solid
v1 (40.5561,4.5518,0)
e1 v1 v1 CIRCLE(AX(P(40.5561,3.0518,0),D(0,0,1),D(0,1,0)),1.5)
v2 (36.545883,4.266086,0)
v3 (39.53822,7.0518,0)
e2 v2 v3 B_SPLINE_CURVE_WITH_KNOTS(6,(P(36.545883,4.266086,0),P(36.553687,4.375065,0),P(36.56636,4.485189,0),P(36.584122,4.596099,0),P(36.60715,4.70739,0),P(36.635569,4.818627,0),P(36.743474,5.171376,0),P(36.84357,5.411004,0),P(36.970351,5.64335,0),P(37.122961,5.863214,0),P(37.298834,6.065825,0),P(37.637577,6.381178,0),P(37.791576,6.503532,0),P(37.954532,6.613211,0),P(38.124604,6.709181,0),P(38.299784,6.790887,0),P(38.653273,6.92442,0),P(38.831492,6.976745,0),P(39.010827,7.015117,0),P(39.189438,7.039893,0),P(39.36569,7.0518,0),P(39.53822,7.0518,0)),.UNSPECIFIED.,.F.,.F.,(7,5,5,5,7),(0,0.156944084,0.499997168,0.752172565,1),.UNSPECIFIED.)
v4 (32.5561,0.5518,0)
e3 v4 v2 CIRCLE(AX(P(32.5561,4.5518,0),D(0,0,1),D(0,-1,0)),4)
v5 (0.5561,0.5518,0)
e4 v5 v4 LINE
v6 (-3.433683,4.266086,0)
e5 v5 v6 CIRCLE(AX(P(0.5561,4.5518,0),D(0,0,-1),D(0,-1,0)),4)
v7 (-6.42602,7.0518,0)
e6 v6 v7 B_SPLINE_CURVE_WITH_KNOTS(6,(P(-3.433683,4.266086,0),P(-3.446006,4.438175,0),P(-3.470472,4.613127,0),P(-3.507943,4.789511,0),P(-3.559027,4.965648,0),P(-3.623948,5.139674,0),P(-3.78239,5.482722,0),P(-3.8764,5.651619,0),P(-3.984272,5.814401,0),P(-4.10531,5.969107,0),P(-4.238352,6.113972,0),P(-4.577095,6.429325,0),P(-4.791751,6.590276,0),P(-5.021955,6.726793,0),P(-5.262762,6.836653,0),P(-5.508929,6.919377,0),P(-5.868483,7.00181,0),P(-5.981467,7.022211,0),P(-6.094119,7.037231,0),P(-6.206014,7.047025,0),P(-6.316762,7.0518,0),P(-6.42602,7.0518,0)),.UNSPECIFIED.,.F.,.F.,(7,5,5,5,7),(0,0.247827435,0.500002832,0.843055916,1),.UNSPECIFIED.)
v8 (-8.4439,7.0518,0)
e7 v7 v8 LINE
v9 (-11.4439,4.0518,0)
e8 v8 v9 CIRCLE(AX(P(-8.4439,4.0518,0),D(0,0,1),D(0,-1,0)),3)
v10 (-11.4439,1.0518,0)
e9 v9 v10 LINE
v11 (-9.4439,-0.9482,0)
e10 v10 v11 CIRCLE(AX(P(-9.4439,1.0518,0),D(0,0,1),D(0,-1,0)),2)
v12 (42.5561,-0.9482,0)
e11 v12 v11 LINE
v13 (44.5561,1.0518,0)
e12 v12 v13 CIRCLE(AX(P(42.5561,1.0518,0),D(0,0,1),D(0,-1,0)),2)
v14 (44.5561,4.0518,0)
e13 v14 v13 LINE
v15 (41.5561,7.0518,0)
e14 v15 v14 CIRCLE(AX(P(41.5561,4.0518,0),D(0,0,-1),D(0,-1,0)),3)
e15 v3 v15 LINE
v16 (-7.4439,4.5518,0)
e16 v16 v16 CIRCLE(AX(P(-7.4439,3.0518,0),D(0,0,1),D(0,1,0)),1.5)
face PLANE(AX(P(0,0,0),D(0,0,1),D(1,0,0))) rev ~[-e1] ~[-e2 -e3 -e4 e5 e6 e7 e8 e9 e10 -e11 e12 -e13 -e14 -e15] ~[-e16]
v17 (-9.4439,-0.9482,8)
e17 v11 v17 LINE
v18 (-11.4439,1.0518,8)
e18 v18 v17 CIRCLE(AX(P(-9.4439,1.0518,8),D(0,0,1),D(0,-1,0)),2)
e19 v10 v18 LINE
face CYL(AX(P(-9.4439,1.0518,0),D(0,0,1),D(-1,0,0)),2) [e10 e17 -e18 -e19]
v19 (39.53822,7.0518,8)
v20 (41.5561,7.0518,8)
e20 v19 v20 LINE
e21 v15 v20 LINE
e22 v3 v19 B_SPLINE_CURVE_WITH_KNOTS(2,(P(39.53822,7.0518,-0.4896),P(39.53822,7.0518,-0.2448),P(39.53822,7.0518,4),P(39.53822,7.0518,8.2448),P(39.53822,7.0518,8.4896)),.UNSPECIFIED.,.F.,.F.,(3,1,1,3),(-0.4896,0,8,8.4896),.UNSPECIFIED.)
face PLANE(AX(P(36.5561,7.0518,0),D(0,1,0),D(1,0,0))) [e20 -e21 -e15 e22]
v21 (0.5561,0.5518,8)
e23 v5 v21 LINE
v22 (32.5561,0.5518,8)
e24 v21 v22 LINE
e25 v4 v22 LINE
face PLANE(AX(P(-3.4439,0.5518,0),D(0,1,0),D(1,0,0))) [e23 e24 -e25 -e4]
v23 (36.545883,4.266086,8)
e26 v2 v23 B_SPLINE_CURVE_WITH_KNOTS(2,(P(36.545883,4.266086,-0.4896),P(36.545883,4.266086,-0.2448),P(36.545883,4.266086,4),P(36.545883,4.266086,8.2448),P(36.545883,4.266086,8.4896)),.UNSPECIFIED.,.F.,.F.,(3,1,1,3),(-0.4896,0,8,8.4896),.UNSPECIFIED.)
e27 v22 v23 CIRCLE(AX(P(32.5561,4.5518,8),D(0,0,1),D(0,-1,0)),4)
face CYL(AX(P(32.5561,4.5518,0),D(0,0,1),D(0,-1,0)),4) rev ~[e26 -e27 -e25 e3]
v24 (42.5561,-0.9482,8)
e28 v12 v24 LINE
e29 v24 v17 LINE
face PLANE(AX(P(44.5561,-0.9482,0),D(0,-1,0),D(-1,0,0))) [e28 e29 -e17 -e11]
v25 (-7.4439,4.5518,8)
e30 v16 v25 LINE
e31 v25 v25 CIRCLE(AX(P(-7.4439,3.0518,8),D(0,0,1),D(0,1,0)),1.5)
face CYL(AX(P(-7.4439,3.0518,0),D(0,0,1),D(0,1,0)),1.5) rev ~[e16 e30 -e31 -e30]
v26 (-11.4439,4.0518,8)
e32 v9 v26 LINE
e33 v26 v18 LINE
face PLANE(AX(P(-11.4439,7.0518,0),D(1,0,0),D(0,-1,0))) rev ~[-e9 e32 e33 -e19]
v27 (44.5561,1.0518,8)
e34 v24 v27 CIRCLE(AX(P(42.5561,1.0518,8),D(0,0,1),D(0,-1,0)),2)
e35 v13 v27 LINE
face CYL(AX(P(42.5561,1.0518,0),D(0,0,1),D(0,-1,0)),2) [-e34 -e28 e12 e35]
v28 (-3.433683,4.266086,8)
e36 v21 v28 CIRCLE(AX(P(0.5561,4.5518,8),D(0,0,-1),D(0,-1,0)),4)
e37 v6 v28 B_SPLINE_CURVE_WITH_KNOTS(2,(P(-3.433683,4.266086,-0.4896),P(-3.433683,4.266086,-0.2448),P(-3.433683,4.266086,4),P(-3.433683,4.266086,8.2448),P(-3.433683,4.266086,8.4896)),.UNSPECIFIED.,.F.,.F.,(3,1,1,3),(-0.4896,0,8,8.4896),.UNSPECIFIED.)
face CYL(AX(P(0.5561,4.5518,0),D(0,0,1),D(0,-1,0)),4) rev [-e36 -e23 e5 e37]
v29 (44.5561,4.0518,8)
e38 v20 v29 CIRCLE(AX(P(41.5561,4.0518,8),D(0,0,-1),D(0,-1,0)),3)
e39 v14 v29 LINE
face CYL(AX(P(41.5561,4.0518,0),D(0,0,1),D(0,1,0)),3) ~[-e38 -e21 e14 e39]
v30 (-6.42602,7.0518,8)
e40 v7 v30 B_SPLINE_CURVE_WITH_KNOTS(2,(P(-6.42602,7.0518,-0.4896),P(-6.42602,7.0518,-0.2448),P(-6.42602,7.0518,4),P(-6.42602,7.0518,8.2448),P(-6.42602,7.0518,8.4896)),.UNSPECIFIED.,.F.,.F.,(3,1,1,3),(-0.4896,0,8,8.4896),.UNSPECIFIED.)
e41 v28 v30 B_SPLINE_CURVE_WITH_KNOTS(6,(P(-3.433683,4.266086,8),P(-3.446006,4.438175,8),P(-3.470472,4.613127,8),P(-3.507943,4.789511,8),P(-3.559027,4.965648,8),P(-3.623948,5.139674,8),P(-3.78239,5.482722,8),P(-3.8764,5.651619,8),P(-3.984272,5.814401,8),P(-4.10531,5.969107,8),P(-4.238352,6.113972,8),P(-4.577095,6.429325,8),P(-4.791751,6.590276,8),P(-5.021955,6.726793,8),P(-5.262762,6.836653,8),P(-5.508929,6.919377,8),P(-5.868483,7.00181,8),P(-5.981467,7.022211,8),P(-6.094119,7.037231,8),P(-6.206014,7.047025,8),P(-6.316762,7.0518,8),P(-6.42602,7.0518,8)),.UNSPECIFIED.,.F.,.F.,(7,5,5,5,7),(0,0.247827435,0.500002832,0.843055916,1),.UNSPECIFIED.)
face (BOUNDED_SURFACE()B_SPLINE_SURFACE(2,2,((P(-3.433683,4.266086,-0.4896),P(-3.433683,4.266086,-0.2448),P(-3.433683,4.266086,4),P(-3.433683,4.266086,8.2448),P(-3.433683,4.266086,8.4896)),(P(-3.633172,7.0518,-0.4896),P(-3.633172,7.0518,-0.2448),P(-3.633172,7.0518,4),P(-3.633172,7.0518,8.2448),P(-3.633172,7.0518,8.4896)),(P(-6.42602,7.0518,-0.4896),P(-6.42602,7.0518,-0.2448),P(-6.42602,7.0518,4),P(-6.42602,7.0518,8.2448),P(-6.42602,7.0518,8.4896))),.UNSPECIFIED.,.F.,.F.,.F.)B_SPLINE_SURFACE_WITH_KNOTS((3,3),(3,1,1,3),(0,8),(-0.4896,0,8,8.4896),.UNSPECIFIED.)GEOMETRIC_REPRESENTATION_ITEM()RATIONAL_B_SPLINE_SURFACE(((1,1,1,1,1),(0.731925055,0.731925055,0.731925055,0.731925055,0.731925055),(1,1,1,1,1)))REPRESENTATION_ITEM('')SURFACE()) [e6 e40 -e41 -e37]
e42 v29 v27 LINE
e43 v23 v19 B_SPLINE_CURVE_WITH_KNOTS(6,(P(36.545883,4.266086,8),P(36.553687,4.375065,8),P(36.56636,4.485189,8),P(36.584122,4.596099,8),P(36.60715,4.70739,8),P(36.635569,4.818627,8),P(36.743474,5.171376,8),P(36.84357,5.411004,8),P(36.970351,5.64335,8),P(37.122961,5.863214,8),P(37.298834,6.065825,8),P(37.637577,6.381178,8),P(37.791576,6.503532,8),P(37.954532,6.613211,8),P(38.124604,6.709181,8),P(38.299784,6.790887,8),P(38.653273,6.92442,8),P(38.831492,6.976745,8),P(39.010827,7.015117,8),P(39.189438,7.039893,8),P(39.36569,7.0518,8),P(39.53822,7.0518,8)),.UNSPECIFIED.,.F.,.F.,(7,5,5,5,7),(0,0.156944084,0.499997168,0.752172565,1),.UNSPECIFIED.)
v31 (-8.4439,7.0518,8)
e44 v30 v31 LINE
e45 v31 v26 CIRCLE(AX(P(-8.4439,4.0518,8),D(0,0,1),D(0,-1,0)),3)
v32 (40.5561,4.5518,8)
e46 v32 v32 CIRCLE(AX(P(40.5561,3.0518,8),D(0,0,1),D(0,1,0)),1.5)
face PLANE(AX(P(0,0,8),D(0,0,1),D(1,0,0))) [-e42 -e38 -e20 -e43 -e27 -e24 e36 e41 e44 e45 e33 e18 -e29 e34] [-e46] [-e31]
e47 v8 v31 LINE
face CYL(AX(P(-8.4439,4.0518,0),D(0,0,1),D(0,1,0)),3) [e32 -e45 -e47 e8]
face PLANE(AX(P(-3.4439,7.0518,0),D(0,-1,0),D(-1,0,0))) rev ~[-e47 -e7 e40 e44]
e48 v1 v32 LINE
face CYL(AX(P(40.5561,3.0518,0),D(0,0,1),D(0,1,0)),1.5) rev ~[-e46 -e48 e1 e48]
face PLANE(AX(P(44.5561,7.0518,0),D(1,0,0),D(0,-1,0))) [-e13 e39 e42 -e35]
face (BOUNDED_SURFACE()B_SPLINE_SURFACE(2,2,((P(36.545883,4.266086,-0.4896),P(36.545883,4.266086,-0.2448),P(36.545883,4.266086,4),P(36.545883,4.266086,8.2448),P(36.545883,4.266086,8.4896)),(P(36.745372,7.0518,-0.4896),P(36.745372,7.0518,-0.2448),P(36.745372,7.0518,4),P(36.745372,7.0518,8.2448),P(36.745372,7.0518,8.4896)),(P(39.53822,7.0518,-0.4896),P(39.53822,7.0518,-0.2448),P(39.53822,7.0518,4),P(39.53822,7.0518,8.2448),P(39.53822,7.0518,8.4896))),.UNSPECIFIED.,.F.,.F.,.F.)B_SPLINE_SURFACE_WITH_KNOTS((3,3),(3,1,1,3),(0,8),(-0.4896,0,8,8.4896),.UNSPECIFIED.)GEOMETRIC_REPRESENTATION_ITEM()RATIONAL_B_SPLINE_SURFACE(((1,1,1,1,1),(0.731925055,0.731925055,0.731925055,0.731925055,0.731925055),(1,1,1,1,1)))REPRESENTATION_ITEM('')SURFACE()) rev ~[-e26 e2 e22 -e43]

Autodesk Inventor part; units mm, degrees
ref_plane "YZ Plane" through (0, 0, 0) normal (1, 0, 0) x (0, 1, 0)
ref_plane "XZ Plane" through (0, 0, 0) normal (0, 1, 0) x (-1, 0, 0)
ref_plane "XY Plane" through (0, 0, 0) normal (0, 0, 1) x (1, 0, 0)
sketch "Sketch1" plane through (0, 0, 0) normal (0, 0, 1) x (1, 0, 0)
  line L0 (-3.4439, 0.5518) -> (36.5561, 0.5518)
  line L1 (44.5561, -0.9482) -> (-11.4439, -0.9482)
  line L2 (-3.4439, 0.5518) -> (-3.4439, 7.0518)
  line L3 (-3.4439, 7.0518) -> (-11.4439, 7.0518)
  line L4 (36.5561, 0.5518) -> (36.5561, 7.0518)
  line L5 (36.5561, 7.0518) -> (44.5561, 7.0518)
  line L6 (-11.4439, 7.0518) -> (-11.4439, -0.9482)
  line L7 (44.5561, 7.0518) -> (44.5561, -0.9482)
  point P0 (0, 0)
  point P1 (-7.4439, 3.0518)
  point P2 (40.5561, 3.0518)
  dimension "d2" = 8
  dimension "d4" = 8
  dimension "d5" = 1.5
  dimension "d6" = 56
  dimension "d7" = 8
  dimension "d8" = 8
  dimension "d9" = 4
  dimension "d10" = 4
  dimension "d11" = 4
  dimension "d12" = 4
extrude "Extrusion1" add sketch "Sketch1" along normal blind 8
hole "Hole1" at (40.5561, 3.0518, 0) at (-7.4439, 3.0518, 0) direction (0, 0, 1) diameter 3 end through all
fillet "Fillet1" radius 4 2 edges at (-3.4439, 0.5518, 4) (36.5561, 0.5518, 4)
fillet "Fillet2" radius 3 4 edges at (-3.4439, 7.0518, 4) (-11.4439, 7.0518, 4) (44.5561, 7.0518, 4) (36.5561, 7.0518, 4)
fillet "Fillet3" radius 2 2 edges at (44.5561, -0.9482, 4) (-11.4439, -0.9482, 4)
equation "\"d4\" = d2"
equation "\"d7\" = d2"
equation "\"d8\" = d2"
equation "\"d9\" = 0.5 * d2"
equation "\"d10\" = 0.5 * d2"
equation "\"d11\" = 0.5 * d2"
equation "\"d12\" = 0.5 * d2"
properties part number "3DP_ABS_Bowl_Spring" material "ABS Plastic"
